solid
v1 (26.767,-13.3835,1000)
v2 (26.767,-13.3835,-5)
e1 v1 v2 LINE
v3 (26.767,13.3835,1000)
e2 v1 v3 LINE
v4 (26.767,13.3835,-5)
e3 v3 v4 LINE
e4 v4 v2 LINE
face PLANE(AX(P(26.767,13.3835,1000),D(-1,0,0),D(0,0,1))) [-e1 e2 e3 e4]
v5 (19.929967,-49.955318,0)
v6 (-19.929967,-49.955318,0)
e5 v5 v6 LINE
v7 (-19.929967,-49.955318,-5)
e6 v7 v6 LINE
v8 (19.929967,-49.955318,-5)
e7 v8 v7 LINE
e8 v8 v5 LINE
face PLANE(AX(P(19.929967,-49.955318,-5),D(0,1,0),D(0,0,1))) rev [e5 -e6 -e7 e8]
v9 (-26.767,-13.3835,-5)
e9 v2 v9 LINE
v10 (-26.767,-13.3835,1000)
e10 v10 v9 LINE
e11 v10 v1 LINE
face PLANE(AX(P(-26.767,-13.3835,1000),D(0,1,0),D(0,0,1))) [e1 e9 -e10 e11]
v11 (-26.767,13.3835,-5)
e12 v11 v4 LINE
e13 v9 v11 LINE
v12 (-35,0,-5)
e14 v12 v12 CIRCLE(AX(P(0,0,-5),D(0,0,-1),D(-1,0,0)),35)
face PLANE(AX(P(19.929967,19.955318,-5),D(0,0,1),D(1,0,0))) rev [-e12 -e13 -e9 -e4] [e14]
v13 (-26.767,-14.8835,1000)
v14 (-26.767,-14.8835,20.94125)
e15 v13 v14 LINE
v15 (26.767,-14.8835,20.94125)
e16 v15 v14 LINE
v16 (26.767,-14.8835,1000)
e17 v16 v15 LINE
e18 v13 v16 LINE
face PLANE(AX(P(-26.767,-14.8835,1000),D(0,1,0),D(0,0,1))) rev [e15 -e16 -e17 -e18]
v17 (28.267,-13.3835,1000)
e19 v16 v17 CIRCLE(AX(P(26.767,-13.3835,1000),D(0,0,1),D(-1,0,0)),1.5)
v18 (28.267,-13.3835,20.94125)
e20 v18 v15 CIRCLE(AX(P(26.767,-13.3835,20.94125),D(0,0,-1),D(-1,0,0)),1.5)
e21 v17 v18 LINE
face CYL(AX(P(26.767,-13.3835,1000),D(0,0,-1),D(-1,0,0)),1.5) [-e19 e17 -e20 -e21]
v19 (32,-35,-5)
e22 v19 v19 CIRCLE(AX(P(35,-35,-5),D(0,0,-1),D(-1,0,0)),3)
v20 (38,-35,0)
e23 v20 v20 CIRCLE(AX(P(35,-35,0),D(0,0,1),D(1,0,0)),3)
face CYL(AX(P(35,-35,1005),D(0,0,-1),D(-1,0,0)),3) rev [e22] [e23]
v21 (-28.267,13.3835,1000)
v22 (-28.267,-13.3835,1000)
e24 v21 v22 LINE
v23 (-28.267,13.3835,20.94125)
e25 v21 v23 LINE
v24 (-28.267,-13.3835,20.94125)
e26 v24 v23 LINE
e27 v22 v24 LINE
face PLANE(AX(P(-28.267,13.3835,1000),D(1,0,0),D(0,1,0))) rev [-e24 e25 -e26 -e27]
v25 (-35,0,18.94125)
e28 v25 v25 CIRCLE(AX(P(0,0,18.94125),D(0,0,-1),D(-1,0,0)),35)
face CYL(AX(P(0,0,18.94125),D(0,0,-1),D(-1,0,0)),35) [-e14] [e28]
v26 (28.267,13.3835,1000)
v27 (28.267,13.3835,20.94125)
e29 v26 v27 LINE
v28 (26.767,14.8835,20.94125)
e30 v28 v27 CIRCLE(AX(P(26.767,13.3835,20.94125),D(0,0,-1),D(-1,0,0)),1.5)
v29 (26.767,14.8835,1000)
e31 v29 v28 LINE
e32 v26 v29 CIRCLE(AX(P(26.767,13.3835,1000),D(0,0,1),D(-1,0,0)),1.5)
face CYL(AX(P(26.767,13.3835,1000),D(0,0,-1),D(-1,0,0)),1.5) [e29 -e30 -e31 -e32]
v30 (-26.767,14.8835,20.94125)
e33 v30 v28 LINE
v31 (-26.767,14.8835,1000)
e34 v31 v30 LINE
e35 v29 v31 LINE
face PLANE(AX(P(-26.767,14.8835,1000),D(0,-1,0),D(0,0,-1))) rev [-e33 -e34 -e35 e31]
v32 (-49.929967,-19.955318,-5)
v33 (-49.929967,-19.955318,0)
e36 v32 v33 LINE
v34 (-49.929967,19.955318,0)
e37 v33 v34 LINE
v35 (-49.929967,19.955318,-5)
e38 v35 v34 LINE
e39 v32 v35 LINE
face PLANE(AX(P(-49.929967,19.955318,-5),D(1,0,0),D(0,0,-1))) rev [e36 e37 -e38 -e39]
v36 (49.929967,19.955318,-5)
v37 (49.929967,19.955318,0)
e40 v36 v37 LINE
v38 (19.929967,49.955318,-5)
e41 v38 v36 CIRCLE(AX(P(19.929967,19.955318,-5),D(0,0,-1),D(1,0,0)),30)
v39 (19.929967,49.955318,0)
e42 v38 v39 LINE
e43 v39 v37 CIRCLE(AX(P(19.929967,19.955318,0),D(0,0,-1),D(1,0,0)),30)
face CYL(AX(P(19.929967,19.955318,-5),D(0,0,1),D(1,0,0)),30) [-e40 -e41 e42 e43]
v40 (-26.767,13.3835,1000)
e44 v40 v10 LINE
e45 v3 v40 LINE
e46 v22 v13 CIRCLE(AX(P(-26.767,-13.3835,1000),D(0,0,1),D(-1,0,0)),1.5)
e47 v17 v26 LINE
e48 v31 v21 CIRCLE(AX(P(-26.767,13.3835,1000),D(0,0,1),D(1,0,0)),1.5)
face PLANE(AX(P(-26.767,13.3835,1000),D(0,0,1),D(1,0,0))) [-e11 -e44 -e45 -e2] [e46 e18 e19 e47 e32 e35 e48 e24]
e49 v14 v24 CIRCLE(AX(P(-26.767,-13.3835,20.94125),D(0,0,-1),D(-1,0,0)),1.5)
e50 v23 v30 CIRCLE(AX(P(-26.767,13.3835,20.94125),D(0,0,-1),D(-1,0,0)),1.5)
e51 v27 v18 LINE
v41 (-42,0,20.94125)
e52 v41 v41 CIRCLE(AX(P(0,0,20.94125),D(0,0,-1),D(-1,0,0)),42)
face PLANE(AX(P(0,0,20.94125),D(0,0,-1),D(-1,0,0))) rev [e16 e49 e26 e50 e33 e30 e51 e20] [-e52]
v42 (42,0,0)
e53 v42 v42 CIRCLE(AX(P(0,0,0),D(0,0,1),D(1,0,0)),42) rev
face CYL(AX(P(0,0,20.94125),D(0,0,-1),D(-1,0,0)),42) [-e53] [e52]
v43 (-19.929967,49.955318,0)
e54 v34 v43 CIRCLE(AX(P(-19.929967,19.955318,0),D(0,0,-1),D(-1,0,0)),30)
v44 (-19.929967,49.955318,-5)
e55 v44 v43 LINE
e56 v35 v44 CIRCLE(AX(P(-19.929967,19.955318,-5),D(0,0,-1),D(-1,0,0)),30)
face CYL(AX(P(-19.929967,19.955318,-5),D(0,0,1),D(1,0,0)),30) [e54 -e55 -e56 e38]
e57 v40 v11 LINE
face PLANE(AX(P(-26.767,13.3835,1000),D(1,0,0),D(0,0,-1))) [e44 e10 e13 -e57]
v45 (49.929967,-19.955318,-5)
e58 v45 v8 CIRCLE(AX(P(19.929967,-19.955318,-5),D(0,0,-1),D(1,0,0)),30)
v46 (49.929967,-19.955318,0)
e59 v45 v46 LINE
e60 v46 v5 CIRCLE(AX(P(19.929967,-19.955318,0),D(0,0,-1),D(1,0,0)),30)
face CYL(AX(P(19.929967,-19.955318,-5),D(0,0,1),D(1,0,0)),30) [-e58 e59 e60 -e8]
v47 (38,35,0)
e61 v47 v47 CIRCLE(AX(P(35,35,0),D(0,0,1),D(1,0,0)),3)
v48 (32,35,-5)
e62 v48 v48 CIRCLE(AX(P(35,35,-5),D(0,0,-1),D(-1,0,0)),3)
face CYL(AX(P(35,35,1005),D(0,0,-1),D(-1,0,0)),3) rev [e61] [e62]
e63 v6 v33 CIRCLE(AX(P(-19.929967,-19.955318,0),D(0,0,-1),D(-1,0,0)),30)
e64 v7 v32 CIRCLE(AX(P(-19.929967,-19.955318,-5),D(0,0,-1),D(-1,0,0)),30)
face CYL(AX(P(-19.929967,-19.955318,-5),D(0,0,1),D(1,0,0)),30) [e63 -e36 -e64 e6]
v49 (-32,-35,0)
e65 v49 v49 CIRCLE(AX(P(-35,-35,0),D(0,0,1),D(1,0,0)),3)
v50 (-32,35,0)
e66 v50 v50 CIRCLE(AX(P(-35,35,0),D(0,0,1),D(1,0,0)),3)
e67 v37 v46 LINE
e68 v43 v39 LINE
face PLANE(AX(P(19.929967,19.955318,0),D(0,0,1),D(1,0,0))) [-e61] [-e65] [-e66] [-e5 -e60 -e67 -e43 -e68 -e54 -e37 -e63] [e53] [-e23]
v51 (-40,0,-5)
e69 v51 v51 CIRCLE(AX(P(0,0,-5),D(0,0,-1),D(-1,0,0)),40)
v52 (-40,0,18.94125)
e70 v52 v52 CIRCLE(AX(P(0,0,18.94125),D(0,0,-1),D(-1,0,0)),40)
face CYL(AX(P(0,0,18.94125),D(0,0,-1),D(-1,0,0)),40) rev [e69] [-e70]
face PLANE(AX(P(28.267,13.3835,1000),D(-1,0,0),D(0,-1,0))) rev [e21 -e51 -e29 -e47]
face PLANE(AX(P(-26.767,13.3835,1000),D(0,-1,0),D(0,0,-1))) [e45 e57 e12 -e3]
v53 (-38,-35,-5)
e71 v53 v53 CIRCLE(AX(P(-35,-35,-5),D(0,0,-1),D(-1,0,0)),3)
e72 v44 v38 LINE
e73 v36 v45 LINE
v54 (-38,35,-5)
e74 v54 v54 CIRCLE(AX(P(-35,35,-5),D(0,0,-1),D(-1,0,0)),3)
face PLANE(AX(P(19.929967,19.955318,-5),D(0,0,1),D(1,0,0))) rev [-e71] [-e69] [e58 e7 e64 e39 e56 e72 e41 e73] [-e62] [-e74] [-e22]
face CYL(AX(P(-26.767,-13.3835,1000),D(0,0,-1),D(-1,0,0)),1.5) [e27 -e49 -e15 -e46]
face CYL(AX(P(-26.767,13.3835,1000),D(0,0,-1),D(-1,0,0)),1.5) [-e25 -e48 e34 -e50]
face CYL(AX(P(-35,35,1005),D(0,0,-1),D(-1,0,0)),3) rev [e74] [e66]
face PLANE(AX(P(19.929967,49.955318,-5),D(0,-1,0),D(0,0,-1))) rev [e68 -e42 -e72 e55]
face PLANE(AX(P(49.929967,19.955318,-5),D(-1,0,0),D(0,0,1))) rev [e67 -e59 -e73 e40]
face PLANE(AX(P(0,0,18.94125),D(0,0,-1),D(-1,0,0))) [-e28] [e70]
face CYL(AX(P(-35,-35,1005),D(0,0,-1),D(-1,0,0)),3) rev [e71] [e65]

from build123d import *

# Parameters (mm, degrees)
SKETCH_2_W               = 53.534
SKETCH_2_H               = 26.767
EXTRUDE_1_DEPTH          = 1000
EXTRUDE_2_DEPTH          = 5
SKETCH_8_W               = 53.534
SKETCH_8_H               = 26.767
CUT_EXTRUDE_2_DEPTH      = 1010
SKETCH_9_R               = 40
SKETCH_9_R_2             = 35
CUT_EXTRUDE_4_DEPTH      = 1010
SKETCH_10_R              = 3
CUT_EXTRUDE_7_DEPTH      = 1010
SKETCH_11_R              = 42
EXTRUDE_3_DEPTH          = 25.94125
SKETCH_9_2_R             = 40
SKETCH_9_2_R_2           = 35
CUT_EXTRUDE_8_DEPTH      = 23.94125
CUT_EXTRUDE_9_DEPTH      = 23.94125
CUT_EXTRUDE_9_DEPTH_BACK = 2000
SKETCH_8_2_W             = 53.534
SKETCH_8_2_H             = 26.767


with BuildPart() as part:
    # Эскиз2 → Бобышка-Вытянуть1 (new body)
    with BuildSketch(Plane.XY):
        with BuildLine():
            Line((-26.767, 14.8835), (26.767, 14.8835))
            ThreePointArc((26.767, 14.8835), (27.827660172, 14.444160172), (28.267, 13.3835))
            Line((28.267, 13.3835), (28.267, -13.3835))
            ThreePointArc((28.267, -13.3835), (27.827660172, -14.444160172), (26.767, -14.8835))
            Line((26.767, -14.8835), (-26.767, -14.8835))
            ThreePointArc((-26.767, -14.8835), (-27.827660172, -14.444160172), (-28.267, -13.3835))
            Line((-28.267, -13.3835), (-28.267, 13.3835))
            ThreePointArc((-28.267, 13.3835), (-27.827660172, 14.444160172), (-26.767, 14.8835))
        make_face()
        Rectangle(SKETCH_2_W, SKETCH_2_H, mode=Mode.SUBTRACT)
    extrude(amount=EXTRUDE_1_DEPTH)

    # Эскиз6 → Бобышка-Вытянуть2 (add)
    with BuildSketch(Plane(origin=(0, 0, 0), x_dir=(-1, 0, 0), z_dir=(0, 0, -1))):
        with BuildLine():
            Line((-19.929966526, 49.955317788), (19.929966526, 49.955317788))
            ThreePointArc((19.929966526, 49.955317788), (41.143169962, 41.168521224), (49.929966526, 19.955317788))
            Line((49.929966526, 19.955317788), (49.929966526, -19.955317788))
            ThreePointArc((49.929966526, -19.955317788), (41.143169962, -41.168521224), (19.929966526, -49.955317788))
            Line((19.929966526, -49.955317788), (-19.929966526, -49.955317788))
            ThreePointArc((-19.929966526, -49.955317788), (-41.143169962, -41.168521224), (-49.929966526, -19.955317788))
            Line((-49.929966526, -19.955317788), (-49.929966526, 19.955317788))
            ThreePointArc((-49.929966526, 19.955317788), (-41.143169962, 41.168521224), (-19.929966526, 49.955317788))
        make_face()
    extrude(amount=EXTRUDE_2_DEPTH)

    # Эскиз8 → Вырез-Вытянуть2 (cut)
    with BuildSketch(Plane.XY.offset(1000)):
        Rectangle(SKETCH_8_W, SKETCH_8_H)
    extrude(amount=-CUT_EXTRUDE_2_DEPTH, mode=Mode.SUBTRACT)

    # Эскиз9 → Вырез-Вытянуть4 (cut)
    with BuildSketch(Plane(origin=(0, 0, -5), x_dir=(-1, 0, 0), z_dir=(0, 0, -1))):
        Circle(SKETCH_9_R)
        Circle(SKETCH_9_R_2, mode=Mode.SUBTRACT)
    extrude(amount=-CUT_EXTRUDE_4_DEPTH, mode=Mode.SUBTRACT)


with BuildPart() as cut_extrude_4_piece_1:
    # of the separate pieces the step leaves, piece 1, a body of its own (cut_extrude_4_pieces)
    add(part.part.solids().sort_by_distance((-35, 0, 0))[0])



with BuildPart() as cut_extrude_4_piece_2:
    # of the separate pieces the step leaves, piece 2, a body of its own (cut_extrude_4_pieces)
    add(part.part.solids().sort_by_distance((19.929966526, 49.955317788, 0))[0])

    # Эскиз10 → Вырез-Вытянуть7 (cut)
    with BuildSketch(Plane(origin=(0, 0, -5), x_dir=(-1, 0, 0), z_dir=(0, 0, -1))):
        with Locations((-35, 35)):
            Circle(SKETCH_10_R)
        with Locations((-35, -35)):
            Circle(SKETCH_10_R)
        with Locations((35, -35)):
            Circle(SKETCH_10_R)
        with Locations((35, 35)):
            Circle(SKETCH_10_R)
    extrude(amount=-CUT_EXTRUDE_7_DEPTH, mode=Mode.SUBTRACT)


with BuildPart() as cut_extrude_4_piece_1_1:
    add(cut_extrude_4_piece_1.part)

    add(cut_extrude_4_piece_2.part)  # Бобышка-Вытянуть3 merges Вырез-Вытянуть4 piece 2
    # Эскиз11 → Бобышка-Вытянуть3 (add)
    with BuildSketch(Plane(origin=(0, 0, -5), x_dir=(-1, 0, 0), z_dir=(0, 0, -1))):
        Circle(SKETCH_11_R)
    extrude(amount=-EXTRUDE_3_DEPTH)

    # Эскиз9<2> → Вырез-Вытянуть8 (cut)
    with BuildSketch(Plane(origin=(0, 0, -5), x_dir=(-1, 0, 0), z_dir=(0, 0, -1))):
        Circle(SKETCH_9_2_R)
        Circle(SKETCH_9_2_R_2, mode=Mode.SUBTRACT)
    extrude(amount=-CUT_EXTRUDE_8_DEPTH, mode=Mode.SUBTRACT)

    # Эскиз8<2> → Вырез-Вытянуть9 (cut, two sides: drawn at the far end of the back side and taken through both)
    with BuildSketch(Plane.XY.offset(1000).offset(-CUT_EXTRUDE_9_DEPTH_BACK)):
        Rectangle(SKETCH_8_2_W, SKETCH_8_2_H)
    extrude(amount=CUT_EXTRUDE_9_DEPTH + CUT_EXTRUDE_9_DEPTH_BACK, mode=Mode.SUBTRACT)


solid = cut_extrude_4_piece_1_1.part
